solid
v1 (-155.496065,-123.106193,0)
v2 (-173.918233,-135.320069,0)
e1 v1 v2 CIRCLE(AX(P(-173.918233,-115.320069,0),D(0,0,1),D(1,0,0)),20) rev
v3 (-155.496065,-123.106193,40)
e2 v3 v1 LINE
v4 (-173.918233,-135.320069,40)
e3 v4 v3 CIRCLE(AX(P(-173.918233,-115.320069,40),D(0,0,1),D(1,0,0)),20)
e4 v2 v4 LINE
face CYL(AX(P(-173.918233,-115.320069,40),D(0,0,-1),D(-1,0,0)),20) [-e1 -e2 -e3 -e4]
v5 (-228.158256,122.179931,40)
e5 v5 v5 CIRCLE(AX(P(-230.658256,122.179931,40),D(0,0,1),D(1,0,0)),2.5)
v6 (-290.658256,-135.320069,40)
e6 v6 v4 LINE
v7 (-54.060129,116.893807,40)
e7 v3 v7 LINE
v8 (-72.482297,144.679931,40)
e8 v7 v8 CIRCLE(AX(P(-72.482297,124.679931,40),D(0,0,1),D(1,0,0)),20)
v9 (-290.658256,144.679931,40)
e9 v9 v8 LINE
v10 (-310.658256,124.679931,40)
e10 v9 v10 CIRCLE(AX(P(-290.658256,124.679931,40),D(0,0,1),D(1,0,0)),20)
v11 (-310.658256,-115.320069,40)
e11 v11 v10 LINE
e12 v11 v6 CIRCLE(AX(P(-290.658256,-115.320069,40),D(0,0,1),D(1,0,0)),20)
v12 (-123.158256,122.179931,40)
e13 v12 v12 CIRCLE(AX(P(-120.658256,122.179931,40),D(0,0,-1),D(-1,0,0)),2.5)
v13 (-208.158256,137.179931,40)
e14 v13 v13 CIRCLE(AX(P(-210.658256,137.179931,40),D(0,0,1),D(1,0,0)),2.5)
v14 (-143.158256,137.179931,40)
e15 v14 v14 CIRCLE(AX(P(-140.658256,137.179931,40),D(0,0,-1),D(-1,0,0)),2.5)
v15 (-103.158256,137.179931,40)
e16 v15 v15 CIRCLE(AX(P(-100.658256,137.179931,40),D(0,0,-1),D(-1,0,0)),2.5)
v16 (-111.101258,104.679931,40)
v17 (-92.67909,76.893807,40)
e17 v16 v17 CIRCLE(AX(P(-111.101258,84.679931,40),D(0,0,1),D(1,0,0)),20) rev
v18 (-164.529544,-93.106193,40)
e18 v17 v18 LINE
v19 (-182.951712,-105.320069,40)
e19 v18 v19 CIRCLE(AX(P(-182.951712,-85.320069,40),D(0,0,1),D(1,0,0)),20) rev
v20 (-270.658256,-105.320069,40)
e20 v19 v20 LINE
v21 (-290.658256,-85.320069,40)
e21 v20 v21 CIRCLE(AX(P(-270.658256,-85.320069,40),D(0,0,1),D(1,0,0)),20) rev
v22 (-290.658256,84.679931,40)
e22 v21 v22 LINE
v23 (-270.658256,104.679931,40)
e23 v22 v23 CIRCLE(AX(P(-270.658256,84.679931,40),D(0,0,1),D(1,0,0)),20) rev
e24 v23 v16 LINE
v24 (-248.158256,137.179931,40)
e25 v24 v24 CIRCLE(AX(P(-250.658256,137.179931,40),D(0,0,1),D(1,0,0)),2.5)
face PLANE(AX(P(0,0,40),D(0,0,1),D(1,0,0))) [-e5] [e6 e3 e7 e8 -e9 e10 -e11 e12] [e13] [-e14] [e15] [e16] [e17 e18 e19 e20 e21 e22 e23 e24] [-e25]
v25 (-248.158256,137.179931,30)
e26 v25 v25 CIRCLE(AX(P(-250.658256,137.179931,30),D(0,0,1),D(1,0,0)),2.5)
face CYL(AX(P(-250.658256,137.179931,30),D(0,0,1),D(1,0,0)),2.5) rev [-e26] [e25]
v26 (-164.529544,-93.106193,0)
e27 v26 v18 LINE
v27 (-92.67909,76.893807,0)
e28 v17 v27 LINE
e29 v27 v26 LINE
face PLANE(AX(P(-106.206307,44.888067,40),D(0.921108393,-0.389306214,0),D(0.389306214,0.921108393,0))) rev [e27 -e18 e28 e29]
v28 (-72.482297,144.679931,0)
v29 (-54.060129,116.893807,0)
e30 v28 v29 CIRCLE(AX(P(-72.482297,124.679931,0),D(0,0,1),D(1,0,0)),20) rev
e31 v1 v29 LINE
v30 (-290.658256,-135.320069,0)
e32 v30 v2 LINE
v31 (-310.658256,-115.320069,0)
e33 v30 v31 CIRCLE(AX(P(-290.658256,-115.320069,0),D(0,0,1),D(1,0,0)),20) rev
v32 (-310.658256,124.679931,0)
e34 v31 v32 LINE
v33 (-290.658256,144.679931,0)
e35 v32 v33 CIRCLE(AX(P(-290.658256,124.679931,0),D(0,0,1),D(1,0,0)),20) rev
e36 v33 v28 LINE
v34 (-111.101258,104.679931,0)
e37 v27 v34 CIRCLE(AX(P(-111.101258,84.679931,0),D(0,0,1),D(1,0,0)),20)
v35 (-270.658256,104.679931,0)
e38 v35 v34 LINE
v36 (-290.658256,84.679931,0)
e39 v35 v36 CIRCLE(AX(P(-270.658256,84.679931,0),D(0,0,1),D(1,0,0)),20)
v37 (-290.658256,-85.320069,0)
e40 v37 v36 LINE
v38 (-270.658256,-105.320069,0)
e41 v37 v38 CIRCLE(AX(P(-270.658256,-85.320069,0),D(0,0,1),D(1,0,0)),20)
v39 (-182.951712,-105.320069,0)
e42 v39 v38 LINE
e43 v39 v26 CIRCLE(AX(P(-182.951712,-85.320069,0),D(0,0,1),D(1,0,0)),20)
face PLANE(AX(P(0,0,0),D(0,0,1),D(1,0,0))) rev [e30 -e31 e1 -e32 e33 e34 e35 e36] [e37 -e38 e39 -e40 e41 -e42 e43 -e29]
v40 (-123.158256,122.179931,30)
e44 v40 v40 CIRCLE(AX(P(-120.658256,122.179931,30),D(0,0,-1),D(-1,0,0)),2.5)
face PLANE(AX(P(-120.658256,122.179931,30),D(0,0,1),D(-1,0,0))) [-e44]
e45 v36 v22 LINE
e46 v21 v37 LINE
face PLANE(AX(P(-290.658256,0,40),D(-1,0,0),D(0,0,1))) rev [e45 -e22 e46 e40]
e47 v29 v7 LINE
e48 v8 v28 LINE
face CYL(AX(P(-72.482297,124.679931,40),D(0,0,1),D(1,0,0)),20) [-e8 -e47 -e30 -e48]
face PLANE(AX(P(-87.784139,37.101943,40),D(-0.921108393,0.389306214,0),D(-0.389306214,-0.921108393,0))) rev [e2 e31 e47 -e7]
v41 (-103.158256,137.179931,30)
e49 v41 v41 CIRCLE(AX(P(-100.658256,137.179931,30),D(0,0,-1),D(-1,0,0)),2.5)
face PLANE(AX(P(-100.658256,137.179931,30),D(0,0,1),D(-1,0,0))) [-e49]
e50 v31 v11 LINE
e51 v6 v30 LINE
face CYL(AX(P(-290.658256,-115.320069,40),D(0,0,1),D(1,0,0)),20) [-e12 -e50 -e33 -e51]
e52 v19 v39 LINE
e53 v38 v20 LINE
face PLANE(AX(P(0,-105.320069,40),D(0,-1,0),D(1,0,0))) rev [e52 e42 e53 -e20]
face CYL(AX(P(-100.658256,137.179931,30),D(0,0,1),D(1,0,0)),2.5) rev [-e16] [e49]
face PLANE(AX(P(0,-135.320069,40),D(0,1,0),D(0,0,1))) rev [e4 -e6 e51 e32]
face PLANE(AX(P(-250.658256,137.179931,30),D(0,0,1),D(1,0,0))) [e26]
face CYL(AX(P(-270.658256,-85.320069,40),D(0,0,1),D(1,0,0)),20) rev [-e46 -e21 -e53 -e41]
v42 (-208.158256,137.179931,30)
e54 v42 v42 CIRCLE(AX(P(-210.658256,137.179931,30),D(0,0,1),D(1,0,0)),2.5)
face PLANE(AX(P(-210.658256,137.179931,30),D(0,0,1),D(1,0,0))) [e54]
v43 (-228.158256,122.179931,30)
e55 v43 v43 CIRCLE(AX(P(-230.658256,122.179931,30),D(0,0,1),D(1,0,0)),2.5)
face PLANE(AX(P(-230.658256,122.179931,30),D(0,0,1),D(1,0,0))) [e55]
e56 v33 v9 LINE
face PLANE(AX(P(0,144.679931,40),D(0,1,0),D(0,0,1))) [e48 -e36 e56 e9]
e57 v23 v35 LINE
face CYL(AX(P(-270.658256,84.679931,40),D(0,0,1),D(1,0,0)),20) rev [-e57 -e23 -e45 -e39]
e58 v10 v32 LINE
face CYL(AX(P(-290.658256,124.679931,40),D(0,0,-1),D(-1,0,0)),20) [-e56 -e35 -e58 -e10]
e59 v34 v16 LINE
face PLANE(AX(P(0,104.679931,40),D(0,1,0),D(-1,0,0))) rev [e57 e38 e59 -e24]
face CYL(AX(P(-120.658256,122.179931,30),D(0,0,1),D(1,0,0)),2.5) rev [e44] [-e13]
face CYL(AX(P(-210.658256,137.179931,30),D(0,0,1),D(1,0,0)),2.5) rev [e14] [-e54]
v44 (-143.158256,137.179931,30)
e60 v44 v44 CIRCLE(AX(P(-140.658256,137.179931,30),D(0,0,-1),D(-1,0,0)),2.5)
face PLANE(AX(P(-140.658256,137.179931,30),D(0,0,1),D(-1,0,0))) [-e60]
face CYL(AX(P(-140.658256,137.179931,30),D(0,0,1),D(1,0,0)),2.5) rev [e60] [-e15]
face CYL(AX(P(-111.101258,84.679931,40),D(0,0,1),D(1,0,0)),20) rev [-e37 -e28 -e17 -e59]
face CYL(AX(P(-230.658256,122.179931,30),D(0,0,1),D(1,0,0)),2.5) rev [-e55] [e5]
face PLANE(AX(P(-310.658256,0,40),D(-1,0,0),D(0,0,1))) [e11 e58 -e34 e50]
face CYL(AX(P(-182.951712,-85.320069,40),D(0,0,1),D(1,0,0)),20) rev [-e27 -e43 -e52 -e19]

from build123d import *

# Parameters (mm, degrees)
BOSS_EXTRUDE2_DEPTH = 40
FILLET3_R           = 20
SKETCH2_R           = 2.5
CUT_EXTRUDE1_DEPTH  = 10


with BuildPart() as part:
    # Sketch1 → Boss-Extrude2 (new body)
    with BuildSketch(Plane.XY):
        Polygon((-310.658255987, -135.320069059), (-160.658255987, -135.320069059), (-42.316331357, 144.679930941), (-310.658255987, 144.679930941), align=None)
        Polygon((-290.658255987, 104.679930941), (-80.935291782, 104.679930941), (-169.691735254, -105.320069059), (-290.658255987, -105.320069059), align=None, mode=Mode.SUBTRACT)
    extrude(amount=BOSS_EXTRUDE2_DEPTH)

    # Fillet3
    fillet3_edges = [part.edges().sort_by_distance(p)[0] for p in [
        (-80.935291782, 104.679930941, 20),
        (-290.658255987, 104.679930941, 20),
        (-290.658255987, -105.320069059, 20),
        (-169.691735254, -105.320069059, 20),
        (-42.316331357, 144.679930941, 20),
        (-160.658255987, -135.320069059, 20),
        (-310.658255987, -135.320069059, 20),
        (-310.658255987, 144.679930941, 20),
    ]]
    fillet(fillet3_edges, radius=FILLET3_R)

    # Sketch2 → Cut-Extrude1 (cut)
    with BuildSketch(Plane.XY.offset(40)):
        with Locations((-250.658255987, 137.179930941)):
            Circle(SKETCH2_R)
        with Locations((-210.658255987, 137.179930941)):
            Circle(SKETCH2_R)
        with Locations((-230.658255987, 122.179930941)):
            Circle(SKETCH2_R)
    cut_extrude1 = extrude(amount=-CUT_EXTRUDE1_DEPTH, mode=Mode.SUBTRACT)

    # Mirror1: Cut-Extrude1 across plane
    add(cut_extrude1.mirror(Plane.ZY.offset(175.658255987)), mode=Mode.SUBTRACT)


solid = part.part
